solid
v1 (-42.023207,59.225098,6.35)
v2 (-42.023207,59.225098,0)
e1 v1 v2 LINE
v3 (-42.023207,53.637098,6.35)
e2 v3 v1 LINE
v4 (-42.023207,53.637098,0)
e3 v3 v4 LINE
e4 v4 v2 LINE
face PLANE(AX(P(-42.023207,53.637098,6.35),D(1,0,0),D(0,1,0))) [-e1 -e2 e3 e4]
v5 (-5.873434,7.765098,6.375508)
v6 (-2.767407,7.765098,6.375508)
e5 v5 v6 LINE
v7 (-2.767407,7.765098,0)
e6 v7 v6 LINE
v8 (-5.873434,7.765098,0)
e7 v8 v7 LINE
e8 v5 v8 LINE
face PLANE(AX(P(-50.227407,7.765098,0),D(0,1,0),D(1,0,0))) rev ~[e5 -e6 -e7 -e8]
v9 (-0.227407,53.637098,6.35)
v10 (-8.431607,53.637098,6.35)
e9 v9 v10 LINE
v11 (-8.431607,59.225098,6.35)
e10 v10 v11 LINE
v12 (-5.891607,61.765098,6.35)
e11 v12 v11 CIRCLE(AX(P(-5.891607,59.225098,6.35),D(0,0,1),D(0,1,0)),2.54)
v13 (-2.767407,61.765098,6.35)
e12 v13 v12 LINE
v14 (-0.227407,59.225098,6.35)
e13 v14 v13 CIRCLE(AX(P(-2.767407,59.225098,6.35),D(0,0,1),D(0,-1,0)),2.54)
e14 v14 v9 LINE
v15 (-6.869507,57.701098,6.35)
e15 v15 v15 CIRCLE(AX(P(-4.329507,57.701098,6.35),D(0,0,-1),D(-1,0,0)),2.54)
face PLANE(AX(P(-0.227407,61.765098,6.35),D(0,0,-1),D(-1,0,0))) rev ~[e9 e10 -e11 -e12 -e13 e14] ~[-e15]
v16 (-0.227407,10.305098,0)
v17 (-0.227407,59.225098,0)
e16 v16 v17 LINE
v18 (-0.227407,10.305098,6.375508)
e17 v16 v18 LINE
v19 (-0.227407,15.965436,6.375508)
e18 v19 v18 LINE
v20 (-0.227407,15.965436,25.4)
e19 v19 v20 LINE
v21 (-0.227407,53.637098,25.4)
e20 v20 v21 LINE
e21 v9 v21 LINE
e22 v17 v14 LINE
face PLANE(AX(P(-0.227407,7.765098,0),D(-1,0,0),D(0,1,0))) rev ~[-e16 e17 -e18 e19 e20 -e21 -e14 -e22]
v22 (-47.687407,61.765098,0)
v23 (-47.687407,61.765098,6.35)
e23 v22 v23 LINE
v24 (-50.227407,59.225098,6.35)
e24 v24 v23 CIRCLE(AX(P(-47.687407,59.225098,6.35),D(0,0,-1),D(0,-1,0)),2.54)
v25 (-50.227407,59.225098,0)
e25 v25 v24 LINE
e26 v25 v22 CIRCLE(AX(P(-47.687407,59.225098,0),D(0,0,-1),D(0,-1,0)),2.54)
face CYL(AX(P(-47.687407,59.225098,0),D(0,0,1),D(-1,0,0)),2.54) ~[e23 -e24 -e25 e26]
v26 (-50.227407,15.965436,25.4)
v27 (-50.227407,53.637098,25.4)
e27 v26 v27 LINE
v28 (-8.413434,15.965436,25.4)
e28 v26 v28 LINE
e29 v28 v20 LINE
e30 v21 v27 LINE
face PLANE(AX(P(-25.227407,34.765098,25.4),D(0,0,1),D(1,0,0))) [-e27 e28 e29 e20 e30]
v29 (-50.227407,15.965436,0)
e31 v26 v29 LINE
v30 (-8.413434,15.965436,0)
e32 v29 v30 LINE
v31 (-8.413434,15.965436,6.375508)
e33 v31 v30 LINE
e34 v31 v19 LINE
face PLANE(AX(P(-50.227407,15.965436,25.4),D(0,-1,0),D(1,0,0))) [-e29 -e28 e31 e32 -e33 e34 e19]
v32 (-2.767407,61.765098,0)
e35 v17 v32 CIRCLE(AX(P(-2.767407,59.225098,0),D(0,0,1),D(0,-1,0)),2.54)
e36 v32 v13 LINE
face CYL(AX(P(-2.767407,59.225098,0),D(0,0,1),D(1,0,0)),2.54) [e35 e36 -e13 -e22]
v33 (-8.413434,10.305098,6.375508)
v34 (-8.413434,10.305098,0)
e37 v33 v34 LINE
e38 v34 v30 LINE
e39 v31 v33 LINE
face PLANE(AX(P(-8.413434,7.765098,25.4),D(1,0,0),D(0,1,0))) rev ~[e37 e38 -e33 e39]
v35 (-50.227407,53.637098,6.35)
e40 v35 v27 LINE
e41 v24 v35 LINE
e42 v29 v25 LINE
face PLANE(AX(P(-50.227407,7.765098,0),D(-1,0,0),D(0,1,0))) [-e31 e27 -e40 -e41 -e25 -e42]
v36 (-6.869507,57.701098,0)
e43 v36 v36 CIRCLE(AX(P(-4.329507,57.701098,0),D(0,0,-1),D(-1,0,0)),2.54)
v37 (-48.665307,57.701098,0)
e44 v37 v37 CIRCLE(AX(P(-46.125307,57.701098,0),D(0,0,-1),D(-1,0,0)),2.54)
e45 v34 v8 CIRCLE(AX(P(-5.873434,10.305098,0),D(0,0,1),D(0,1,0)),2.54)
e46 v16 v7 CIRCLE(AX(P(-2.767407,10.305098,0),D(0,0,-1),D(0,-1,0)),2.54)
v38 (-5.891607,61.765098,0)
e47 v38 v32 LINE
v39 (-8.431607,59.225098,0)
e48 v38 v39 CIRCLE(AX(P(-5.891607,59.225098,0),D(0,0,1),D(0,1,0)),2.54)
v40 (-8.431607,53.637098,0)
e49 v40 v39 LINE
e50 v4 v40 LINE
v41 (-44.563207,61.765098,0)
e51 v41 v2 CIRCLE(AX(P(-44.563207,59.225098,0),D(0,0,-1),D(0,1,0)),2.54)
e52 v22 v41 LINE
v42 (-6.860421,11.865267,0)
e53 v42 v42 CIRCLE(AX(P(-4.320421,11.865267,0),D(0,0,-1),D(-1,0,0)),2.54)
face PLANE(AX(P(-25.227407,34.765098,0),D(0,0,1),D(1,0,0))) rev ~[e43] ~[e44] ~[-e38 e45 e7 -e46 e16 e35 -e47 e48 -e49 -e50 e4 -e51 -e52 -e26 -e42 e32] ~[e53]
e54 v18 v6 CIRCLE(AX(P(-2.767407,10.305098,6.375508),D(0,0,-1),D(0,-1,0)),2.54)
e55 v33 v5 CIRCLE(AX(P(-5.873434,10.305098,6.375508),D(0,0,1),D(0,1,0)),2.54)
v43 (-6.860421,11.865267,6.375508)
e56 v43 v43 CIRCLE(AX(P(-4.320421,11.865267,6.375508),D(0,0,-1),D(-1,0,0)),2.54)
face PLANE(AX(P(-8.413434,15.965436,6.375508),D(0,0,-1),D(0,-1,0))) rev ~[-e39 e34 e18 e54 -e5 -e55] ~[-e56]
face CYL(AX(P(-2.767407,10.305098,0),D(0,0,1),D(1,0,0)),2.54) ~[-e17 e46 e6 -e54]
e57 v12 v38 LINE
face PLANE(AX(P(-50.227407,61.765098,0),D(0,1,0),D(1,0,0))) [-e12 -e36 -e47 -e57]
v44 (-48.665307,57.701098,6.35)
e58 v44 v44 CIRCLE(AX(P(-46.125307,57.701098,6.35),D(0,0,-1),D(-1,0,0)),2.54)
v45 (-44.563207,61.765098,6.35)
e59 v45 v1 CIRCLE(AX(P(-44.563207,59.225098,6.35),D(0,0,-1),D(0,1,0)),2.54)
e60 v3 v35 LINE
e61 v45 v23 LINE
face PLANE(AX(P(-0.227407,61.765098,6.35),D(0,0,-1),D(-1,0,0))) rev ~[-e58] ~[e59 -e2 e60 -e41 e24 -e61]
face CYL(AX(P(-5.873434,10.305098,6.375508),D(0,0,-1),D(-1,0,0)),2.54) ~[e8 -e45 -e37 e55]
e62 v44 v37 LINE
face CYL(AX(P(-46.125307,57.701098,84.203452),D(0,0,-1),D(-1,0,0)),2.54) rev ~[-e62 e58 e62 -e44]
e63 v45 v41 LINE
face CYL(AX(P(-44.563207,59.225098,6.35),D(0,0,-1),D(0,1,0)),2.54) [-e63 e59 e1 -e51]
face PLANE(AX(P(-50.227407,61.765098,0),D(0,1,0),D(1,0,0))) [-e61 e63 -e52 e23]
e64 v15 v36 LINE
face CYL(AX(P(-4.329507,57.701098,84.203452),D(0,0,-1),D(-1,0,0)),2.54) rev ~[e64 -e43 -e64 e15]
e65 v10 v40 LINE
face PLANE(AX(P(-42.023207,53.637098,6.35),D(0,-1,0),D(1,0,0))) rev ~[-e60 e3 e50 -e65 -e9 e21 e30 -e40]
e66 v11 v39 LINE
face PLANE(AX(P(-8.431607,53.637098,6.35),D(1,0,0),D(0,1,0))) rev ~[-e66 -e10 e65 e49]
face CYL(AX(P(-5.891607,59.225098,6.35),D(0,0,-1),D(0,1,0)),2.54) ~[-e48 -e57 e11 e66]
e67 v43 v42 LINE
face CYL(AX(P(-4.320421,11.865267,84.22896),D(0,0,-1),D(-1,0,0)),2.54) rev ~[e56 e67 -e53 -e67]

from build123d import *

# Parameters (mm, degrees)
F0_W         = 50
F0_H         = 54
F1_DEPTH     = 25.4
F2_W         = 41.8139733374
F2_H         = 8.200337179
F3_DEPTH     = 50.8
F4_W         = 8.200337179
F4_H         = 19.0244916171
F5_DEPTH     = 25.4
F7_D         = 5.08
F8_R         = 2.54
F9_W         = 50
F9_H         = 19.05
F10_DEPTH    = 8.128
F11_W        = 33.5916
F11_H        = 8.128
F12_DEPTH    = 25.4
F15_D        = 5.08
F15_ON_F13_D = 5.08
F16_R        = 2.54


with BuildPart() as f1:
    # F0 (on Top) → F1 (new body)
    with BuildSketch(Plane.XY):
        with Locations((-25.227407366, 34.7650984749)):
            Rectangle(F0_W, F0_H)
    extrude(amount=F1_DEPTH)

    # F2 (on face) → F3 (cut)
    with BuildSketch(Plane.XY.offset(25.4)):
        with Locations((-29.3204206973, 11.8652670644)):
            Rectangle(F2_W, F2_H)
    extrude(amount=-F3_DEPTH, mode=Mode.SUBTRACT)

    # F4 (on face) → F5 (cut)
    with BuildSketch(Plane(origin=(-8.4134340286, 0, 0), x_dir=(0, -1, 0), z_dir=(-1, 0, 0))):
        with Locations((-11.8652670644, 15.8877541915)):
            Rectangle(F4_W, F4_H)
    extrude(amount=-F5_DEPTH, mode=Mode.SUBTRACT)

    # F7 (through all)
    with Locations(Plane.XY.offset(6.3755083829)):
        with Locations((-4.3204206973, 11.8652670644)):
            Hole(F7_D / 2)

    # F8
    f8_edges = [f1.edges().sort_by_distance(p)[0] for p in [
        (-8.413434, 7.765098, 3.187754),
        (-0.227407, 7.765098, 3.187754),
    ]]
    fillet(f8_edges, radius=F8_R)

    # F9 (on face) → F10 (cut)
    with BuildSketch(Plane(origin=(0, 61.7650984749, 0), x_dir=(-1, 0, 0), z_dir=(0, 1, 0))):
        with Locations((25.227407366, 15.875)):
            Rectangle(F9_W, F9_H)
    extrude(amount=-F10_DEPTH, mode=Mode.SUBTRACT)

    # F11 (on face) → F12 (cut)
    with BuildSketch(Plane.XY.offset(6.35)):
        with Locations((-25.227407366, 57.7010984749)):
            Rectangle(F11_W, F11_H)
    extrude(amount=-F12_DEPTH, mode=Mode.SUBTRACT)

    # F15 (through all)
    with Locations(Plane.XY.offset(6.35)):
        with Locations((-4.329507366, 57.7010984749)):
            Hole(F15_D / 2)

    # F15 on F13 (through all)
    with Locations(Plane.XY.offset(6.35)):
        with Locations((-46.125307366, 57.7010984749)):
            Hole(F15_ON_F13_D / 2)

    # F16
    f16_edges = [f1.edges().sort_by_distance(p)[0] for p in [
        (-50.227407, 61.765098, 3.175),
        (-42.023207, 61.765098, 3.175),
        (-8.431607, 61.765098, 3.175),
        (-0.227407, 61.765098, 3.175),
    ]]
    fillet(f16_edges, radius=F16_R)


solid = f1.part
